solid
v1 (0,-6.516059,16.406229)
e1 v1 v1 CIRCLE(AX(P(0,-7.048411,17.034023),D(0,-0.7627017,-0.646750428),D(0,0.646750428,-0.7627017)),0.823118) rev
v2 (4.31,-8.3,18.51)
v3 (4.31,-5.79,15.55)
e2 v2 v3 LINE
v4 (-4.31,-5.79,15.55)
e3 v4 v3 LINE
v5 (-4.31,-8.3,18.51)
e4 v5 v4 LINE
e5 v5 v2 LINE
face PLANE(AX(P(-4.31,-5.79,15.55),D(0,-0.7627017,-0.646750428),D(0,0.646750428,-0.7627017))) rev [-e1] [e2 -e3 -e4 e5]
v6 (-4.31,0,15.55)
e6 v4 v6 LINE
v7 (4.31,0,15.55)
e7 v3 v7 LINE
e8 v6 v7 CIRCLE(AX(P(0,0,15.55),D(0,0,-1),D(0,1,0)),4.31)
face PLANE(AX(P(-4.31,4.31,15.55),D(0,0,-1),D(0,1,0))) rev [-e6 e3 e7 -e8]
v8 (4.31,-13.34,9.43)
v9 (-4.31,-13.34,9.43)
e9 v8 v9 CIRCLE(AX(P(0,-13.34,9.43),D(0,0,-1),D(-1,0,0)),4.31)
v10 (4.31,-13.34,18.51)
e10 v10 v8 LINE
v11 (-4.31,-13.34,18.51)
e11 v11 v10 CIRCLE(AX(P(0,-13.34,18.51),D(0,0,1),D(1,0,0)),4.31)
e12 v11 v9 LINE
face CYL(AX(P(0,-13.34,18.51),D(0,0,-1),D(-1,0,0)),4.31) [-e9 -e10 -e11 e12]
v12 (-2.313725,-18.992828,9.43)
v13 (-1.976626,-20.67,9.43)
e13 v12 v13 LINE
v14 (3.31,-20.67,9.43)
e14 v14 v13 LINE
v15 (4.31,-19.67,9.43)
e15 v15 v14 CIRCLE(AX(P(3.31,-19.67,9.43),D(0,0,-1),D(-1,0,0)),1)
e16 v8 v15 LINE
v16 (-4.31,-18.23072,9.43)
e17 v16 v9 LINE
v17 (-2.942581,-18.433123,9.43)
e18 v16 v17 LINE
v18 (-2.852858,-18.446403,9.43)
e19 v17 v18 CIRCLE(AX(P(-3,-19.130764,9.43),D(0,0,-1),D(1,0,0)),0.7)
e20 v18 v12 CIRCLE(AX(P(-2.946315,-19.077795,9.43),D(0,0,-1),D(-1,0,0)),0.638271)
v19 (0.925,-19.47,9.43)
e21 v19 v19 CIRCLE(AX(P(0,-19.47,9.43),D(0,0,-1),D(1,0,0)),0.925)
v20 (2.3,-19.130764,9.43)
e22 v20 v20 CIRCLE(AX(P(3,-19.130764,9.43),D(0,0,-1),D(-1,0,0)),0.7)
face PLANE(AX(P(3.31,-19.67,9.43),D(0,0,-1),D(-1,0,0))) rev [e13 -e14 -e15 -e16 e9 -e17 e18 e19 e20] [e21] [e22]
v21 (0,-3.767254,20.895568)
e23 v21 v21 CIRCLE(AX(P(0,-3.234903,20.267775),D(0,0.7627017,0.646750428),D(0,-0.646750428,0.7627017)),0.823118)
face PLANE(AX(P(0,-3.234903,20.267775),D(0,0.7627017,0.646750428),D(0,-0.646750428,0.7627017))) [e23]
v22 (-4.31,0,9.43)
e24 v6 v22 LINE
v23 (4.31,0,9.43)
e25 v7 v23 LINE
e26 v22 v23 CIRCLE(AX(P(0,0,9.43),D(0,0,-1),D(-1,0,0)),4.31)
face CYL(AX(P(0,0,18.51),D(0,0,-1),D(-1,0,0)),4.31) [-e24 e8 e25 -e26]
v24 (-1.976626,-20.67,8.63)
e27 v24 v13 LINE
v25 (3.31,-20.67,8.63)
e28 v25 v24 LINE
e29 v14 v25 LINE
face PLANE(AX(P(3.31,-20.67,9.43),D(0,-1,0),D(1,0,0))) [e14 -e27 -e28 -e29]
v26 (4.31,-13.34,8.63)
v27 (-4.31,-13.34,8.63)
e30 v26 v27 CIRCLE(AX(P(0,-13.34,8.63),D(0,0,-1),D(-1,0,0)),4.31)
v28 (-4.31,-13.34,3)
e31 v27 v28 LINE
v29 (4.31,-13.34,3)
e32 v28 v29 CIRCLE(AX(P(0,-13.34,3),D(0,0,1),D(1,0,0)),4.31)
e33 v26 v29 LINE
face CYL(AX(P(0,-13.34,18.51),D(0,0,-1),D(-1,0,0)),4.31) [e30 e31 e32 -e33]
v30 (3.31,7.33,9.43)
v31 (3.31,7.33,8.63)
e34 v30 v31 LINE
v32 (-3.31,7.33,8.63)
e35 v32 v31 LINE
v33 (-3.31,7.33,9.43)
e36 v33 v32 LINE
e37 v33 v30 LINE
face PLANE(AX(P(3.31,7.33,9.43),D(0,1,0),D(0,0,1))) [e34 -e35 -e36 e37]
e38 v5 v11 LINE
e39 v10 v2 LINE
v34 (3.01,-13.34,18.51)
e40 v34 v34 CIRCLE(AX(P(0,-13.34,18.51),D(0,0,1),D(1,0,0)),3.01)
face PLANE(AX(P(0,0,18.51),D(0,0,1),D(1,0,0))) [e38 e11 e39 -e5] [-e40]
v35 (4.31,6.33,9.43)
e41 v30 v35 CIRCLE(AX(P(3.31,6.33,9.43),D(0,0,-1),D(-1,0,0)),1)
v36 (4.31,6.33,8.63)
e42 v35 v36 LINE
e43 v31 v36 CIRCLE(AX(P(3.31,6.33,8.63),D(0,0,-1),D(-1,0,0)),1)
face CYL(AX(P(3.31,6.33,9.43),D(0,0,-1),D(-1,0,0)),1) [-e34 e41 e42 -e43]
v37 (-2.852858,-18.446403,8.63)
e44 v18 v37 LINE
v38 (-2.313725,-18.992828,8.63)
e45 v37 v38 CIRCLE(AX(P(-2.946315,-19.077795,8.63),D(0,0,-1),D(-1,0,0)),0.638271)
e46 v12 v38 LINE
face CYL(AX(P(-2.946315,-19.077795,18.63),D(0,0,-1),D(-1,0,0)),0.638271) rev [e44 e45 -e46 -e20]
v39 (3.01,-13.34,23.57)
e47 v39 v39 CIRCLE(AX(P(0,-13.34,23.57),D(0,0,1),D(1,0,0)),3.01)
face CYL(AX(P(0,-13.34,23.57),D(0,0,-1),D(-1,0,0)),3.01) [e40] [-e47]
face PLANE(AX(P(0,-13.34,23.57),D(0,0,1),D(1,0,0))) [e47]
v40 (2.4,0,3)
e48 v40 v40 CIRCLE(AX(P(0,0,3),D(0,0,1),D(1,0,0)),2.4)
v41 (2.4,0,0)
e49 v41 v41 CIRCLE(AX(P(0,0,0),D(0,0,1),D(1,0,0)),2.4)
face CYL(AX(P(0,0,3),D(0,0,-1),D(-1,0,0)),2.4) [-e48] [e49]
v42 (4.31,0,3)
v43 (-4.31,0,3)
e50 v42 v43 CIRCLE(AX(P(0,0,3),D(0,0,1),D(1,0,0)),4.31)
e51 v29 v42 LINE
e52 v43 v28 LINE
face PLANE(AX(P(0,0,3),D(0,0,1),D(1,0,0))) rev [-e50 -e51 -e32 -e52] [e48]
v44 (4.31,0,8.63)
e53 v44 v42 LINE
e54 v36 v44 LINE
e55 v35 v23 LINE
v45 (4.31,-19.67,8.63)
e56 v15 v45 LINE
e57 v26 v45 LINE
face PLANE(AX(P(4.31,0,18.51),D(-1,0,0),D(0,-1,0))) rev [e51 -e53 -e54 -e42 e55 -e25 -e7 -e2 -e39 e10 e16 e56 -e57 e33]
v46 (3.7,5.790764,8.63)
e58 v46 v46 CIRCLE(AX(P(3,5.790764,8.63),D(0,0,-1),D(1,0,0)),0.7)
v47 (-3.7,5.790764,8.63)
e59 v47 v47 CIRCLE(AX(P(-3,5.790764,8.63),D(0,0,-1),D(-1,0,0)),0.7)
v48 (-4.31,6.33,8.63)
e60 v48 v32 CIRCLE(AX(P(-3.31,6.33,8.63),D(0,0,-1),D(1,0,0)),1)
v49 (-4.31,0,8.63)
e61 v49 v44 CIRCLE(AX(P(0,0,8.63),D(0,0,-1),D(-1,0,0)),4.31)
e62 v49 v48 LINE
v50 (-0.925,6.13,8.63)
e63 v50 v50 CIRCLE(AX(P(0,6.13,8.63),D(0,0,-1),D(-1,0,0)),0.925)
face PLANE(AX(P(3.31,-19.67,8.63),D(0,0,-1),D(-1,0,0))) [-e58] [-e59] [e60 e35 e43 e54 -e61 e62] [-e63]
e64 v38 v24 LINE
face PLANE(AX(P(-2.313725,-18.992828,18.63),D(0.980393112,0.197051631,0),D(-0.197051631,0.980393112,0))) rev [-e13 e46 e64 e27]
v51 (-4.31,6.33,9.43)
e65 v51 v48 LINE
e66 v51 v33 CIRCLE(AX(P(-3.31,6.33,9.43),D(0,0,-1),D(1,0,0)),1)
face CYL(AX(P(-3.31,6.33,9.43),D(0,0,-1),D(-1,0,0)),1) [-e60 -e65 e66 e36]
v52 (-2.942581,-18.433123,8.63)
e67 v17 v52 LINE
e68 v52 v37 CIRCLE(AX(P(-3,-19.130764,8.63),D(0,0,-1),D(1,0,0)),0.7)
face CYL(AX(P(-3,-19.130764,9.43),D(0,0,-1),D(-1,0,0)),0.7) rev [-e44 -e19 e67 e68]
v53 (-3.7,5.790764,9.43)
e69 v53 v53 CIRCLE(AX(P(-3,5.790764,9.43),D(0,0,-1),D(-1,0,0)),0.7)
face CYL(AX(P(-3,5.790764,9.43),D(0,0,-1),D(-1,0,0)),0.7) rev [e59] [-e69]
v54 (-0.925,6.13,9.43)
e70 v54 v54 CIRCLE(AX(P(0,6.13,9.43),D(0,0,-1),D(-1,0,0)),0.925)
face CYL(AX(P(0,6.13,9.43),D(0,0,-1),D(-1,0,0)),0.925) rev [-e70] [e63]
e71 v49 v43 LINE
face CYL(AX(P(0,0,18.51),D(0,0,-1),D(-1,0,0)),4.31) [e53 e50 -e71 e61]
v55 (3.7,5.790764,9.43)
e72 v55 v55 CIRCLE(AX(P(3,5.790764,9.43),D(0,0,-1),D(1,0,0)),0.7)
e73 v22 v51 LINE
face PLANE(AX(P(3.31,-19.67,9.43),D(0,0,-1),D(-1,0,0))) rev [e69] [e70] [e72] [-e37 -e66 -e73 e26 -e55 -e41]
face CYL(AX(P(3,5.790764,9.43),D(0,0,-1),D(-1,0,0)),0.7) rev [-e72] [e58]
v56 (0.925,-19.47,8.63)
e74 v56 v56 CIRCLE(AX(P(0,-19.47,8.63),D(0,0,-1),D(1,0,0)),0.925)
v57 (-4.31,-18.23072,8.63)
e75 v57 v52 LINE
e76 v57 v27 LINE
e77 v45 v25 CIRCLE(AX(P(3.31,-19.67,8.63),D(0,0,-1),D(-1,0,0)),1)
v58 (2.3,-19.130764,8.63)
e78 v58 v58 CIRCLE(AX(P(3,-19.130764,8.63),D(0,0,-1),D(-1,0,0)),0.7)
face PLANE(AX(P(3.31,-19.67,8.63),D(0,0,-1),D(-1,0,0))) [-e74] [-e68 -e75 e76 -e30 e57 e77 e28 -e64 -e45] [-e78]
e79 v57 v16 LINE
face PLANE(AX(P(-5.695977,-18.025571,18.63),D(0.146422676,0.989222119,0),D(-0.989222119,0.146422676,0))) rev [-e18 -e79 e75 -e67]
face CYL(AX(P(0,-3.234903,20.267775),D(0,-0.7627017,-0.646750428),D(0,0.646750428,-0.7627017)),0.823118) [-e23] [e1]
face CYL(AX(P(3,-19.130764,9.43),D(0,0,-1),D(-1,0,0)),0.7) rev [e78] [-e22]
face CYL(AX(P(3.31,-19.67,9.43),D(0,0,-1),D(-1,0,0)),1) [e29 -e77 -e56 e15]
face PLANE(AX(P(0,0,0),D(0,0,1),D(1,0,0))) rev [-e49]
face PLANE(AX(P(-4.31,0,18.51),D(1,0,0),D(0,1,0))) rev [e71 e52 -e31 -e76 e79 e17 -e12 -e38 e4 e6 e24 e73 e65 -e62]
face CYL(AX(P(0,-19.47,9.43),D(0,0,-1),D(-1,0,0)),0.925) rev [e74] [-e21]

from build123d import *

# Parameters (mm, degrees)
SKETCH1_R               = 2.4
BOSS_EXTRUDE1_DEPTH     = 3
BOSS_EXTRUDE2_DEPTH     = 15.51
CUT_EXTRUDE1_DEPTH      = 5.31
CUT_EXTRUDE1_DEPTH_BACK = 5.31
SKETCH4_R               = 3.01
BOSS_EXTRUDE3_DEPTH     = 5.06
SKETCH5_R               = 0.925
SKETCH5_R_2             = 0.7
BOSS_EXTRUDE4_DEPTH     = 0.8
SKETCH6_R               = 0.823117729
BOSS_EXTRUDE5_DEPTH     = 5
CUT_EXTRUDE2_DEPTH      = 10


with BuildPart() as part:
    # Sketch1 → Boss-Extrude1 (new body)
    with BuildSketch(Plane.XY):
        Circle(SKETCH1_R)
    extrude(amount=BOSS_EXTRUDE1_DEPTH)

    # Sketch2 → Boss-Extrude2 (add)
    with BuildSketch(Plane.XY.offset(3)):
        with BuildLine():
            Line((4.31, 0), (4.31, -13.34))
            ThreePointArc((4.31, -13.34), (0, -17.65), (-4.31, -13.34))
            Line((-4.31, -13.34), (-4.31, 0))
            ThreePointArc((-4.31, 0), (0, 4.31), (4.31, 0))
        make_face()
    extrude(amount=BOSS_EXTRUDE2_DEPTH)

    # Sketch3 → Cut-Extrude1 (cut, two sides)
    with BuildSketch(Plane(origin=(0, 0, 0), x_dir=(0, 0, -1), z_dir=(1, 0, 0))) as cut_extrude1_sk:
        Polygon((-18.51, 4.31), (-15.55, 4.31), (-15.55, -5.79), (-18.51, -8.3), align=None)
    extrude(amount=CUT_EXTRUDE1_DEPTH, mode=Mode.SUBTRACT)
    extrude(cut_extrude1_sk.sketch, amount=-CUT_EXTRUDE1_DEPTH_BACK, mode=Mode.SUBTRACT)

    # Sketch4 → Boss-Extrude3 (add)
    with BuildSketch(Plane.XY.offset(18.51)):
        with Locations((0, -13.34)):
            Circle(SKETCH4_R)
    extrude(amount=BOSS_EXTRUDE3_DEPTH)

    # Sketch5 → Boss-Extrude4 (add)
    with BuildSketch(Plane(origin=(0, 0, 8.63), x_dir=(-1, 0, 0), z_dir=(0, 0, -1))):
        with BuildLine():
            Line((-3.31, 7.33), (3.31, 7.33))
            ThreePointArc((3.31, 7.33), (4.017106781, 7.037106781), (4.31, 6.33))
            Line((4.31, 6.33), (4.31, -19.67))
            ThreePointArc((4.31, -19.67), (4.017106781, -20.377106781), (3.31, -20.67))
            Line((3.31, -20.67), (-3.31, -20.67))
            ThreePointArc((-3.31, -20.67), (-4.017106781, -20.377106781), (-4.31, -19.67))
            Line((-4.31, -19.67), (-4.31, 6.33))
            ThreePointArc((-4.31, 6.33), (-4.017106781, 7.037106781), (-3.31, 7.33))
        make_face()
        with Locations((0, 6.13)):
            Circle(SKETCH5_R, mode=Mode.SUBTRACT)
        with Locations((3, 5.79076381)):
            Circle(SKETCH5_R_2, mode=Mode.SUBTRACT)
        with Locations((-3, 5.79076381)):
            Circle(SKETCH5_R_2, mode=Mode.SUBTRACT)
        with Locations((3, -19.13076381)):
            Circle(SKETCH5_R_2, mode=Mode.SUBTRACT)
        with Locations((0, -19.47)):
            Circle(SKETCH5_R, mode=Mode.SUBTRACT)
        with Locations((-3, -19.13076381)):
            Circle(SKETCH5_R_2, mode=Mode.SUBTRACT)
    extrude(amount=-BOSS_EXTRUDE4_DEPTH)

    # Sketch6 → Boss-Extrude5 (add)
    with BuildSketch(Plane(origin=(0, 4.302344091, 3.64827151), x_dir=(1, 0, 0), z_dir=(0, 0.7627017, 0.646750428))):
        with Locations((0, -17.550441075)):
            Circle(SKETCH6_R)
    extrude(amount=BOSS_EXTRUDE5_DEPTH)

    # Sketch7 → Cut-Extrude2 (cut)
    with BuildSketch(Plane(origin=(0, 0, 8.63), x_dir=(-1, 0, 0), z_dir=(0, 0, -1))):
        with BuildLine():
            Line((2.313724821, -18.992827668), (1.90235458, -21.039522477))
            Line((1.90235458, -21.039522477), (5.963625728, -21.039522477))
            Line((5.963625728, -21.039522477), (5.695977486, -18.025570536))
            Line((5.695977486, -18.025570536), (2.852857547, -18.446403453))
            ThreePointArc((2.852857547, -18.446403453), (2.491968028, -18.629511021), (2.313724821, -18.992827668))
        make_face()
    extrude(amount=-CUT_EXTRUDE2_DEPTH, mode=Mode.SUBTRACT)


solid = part.part
